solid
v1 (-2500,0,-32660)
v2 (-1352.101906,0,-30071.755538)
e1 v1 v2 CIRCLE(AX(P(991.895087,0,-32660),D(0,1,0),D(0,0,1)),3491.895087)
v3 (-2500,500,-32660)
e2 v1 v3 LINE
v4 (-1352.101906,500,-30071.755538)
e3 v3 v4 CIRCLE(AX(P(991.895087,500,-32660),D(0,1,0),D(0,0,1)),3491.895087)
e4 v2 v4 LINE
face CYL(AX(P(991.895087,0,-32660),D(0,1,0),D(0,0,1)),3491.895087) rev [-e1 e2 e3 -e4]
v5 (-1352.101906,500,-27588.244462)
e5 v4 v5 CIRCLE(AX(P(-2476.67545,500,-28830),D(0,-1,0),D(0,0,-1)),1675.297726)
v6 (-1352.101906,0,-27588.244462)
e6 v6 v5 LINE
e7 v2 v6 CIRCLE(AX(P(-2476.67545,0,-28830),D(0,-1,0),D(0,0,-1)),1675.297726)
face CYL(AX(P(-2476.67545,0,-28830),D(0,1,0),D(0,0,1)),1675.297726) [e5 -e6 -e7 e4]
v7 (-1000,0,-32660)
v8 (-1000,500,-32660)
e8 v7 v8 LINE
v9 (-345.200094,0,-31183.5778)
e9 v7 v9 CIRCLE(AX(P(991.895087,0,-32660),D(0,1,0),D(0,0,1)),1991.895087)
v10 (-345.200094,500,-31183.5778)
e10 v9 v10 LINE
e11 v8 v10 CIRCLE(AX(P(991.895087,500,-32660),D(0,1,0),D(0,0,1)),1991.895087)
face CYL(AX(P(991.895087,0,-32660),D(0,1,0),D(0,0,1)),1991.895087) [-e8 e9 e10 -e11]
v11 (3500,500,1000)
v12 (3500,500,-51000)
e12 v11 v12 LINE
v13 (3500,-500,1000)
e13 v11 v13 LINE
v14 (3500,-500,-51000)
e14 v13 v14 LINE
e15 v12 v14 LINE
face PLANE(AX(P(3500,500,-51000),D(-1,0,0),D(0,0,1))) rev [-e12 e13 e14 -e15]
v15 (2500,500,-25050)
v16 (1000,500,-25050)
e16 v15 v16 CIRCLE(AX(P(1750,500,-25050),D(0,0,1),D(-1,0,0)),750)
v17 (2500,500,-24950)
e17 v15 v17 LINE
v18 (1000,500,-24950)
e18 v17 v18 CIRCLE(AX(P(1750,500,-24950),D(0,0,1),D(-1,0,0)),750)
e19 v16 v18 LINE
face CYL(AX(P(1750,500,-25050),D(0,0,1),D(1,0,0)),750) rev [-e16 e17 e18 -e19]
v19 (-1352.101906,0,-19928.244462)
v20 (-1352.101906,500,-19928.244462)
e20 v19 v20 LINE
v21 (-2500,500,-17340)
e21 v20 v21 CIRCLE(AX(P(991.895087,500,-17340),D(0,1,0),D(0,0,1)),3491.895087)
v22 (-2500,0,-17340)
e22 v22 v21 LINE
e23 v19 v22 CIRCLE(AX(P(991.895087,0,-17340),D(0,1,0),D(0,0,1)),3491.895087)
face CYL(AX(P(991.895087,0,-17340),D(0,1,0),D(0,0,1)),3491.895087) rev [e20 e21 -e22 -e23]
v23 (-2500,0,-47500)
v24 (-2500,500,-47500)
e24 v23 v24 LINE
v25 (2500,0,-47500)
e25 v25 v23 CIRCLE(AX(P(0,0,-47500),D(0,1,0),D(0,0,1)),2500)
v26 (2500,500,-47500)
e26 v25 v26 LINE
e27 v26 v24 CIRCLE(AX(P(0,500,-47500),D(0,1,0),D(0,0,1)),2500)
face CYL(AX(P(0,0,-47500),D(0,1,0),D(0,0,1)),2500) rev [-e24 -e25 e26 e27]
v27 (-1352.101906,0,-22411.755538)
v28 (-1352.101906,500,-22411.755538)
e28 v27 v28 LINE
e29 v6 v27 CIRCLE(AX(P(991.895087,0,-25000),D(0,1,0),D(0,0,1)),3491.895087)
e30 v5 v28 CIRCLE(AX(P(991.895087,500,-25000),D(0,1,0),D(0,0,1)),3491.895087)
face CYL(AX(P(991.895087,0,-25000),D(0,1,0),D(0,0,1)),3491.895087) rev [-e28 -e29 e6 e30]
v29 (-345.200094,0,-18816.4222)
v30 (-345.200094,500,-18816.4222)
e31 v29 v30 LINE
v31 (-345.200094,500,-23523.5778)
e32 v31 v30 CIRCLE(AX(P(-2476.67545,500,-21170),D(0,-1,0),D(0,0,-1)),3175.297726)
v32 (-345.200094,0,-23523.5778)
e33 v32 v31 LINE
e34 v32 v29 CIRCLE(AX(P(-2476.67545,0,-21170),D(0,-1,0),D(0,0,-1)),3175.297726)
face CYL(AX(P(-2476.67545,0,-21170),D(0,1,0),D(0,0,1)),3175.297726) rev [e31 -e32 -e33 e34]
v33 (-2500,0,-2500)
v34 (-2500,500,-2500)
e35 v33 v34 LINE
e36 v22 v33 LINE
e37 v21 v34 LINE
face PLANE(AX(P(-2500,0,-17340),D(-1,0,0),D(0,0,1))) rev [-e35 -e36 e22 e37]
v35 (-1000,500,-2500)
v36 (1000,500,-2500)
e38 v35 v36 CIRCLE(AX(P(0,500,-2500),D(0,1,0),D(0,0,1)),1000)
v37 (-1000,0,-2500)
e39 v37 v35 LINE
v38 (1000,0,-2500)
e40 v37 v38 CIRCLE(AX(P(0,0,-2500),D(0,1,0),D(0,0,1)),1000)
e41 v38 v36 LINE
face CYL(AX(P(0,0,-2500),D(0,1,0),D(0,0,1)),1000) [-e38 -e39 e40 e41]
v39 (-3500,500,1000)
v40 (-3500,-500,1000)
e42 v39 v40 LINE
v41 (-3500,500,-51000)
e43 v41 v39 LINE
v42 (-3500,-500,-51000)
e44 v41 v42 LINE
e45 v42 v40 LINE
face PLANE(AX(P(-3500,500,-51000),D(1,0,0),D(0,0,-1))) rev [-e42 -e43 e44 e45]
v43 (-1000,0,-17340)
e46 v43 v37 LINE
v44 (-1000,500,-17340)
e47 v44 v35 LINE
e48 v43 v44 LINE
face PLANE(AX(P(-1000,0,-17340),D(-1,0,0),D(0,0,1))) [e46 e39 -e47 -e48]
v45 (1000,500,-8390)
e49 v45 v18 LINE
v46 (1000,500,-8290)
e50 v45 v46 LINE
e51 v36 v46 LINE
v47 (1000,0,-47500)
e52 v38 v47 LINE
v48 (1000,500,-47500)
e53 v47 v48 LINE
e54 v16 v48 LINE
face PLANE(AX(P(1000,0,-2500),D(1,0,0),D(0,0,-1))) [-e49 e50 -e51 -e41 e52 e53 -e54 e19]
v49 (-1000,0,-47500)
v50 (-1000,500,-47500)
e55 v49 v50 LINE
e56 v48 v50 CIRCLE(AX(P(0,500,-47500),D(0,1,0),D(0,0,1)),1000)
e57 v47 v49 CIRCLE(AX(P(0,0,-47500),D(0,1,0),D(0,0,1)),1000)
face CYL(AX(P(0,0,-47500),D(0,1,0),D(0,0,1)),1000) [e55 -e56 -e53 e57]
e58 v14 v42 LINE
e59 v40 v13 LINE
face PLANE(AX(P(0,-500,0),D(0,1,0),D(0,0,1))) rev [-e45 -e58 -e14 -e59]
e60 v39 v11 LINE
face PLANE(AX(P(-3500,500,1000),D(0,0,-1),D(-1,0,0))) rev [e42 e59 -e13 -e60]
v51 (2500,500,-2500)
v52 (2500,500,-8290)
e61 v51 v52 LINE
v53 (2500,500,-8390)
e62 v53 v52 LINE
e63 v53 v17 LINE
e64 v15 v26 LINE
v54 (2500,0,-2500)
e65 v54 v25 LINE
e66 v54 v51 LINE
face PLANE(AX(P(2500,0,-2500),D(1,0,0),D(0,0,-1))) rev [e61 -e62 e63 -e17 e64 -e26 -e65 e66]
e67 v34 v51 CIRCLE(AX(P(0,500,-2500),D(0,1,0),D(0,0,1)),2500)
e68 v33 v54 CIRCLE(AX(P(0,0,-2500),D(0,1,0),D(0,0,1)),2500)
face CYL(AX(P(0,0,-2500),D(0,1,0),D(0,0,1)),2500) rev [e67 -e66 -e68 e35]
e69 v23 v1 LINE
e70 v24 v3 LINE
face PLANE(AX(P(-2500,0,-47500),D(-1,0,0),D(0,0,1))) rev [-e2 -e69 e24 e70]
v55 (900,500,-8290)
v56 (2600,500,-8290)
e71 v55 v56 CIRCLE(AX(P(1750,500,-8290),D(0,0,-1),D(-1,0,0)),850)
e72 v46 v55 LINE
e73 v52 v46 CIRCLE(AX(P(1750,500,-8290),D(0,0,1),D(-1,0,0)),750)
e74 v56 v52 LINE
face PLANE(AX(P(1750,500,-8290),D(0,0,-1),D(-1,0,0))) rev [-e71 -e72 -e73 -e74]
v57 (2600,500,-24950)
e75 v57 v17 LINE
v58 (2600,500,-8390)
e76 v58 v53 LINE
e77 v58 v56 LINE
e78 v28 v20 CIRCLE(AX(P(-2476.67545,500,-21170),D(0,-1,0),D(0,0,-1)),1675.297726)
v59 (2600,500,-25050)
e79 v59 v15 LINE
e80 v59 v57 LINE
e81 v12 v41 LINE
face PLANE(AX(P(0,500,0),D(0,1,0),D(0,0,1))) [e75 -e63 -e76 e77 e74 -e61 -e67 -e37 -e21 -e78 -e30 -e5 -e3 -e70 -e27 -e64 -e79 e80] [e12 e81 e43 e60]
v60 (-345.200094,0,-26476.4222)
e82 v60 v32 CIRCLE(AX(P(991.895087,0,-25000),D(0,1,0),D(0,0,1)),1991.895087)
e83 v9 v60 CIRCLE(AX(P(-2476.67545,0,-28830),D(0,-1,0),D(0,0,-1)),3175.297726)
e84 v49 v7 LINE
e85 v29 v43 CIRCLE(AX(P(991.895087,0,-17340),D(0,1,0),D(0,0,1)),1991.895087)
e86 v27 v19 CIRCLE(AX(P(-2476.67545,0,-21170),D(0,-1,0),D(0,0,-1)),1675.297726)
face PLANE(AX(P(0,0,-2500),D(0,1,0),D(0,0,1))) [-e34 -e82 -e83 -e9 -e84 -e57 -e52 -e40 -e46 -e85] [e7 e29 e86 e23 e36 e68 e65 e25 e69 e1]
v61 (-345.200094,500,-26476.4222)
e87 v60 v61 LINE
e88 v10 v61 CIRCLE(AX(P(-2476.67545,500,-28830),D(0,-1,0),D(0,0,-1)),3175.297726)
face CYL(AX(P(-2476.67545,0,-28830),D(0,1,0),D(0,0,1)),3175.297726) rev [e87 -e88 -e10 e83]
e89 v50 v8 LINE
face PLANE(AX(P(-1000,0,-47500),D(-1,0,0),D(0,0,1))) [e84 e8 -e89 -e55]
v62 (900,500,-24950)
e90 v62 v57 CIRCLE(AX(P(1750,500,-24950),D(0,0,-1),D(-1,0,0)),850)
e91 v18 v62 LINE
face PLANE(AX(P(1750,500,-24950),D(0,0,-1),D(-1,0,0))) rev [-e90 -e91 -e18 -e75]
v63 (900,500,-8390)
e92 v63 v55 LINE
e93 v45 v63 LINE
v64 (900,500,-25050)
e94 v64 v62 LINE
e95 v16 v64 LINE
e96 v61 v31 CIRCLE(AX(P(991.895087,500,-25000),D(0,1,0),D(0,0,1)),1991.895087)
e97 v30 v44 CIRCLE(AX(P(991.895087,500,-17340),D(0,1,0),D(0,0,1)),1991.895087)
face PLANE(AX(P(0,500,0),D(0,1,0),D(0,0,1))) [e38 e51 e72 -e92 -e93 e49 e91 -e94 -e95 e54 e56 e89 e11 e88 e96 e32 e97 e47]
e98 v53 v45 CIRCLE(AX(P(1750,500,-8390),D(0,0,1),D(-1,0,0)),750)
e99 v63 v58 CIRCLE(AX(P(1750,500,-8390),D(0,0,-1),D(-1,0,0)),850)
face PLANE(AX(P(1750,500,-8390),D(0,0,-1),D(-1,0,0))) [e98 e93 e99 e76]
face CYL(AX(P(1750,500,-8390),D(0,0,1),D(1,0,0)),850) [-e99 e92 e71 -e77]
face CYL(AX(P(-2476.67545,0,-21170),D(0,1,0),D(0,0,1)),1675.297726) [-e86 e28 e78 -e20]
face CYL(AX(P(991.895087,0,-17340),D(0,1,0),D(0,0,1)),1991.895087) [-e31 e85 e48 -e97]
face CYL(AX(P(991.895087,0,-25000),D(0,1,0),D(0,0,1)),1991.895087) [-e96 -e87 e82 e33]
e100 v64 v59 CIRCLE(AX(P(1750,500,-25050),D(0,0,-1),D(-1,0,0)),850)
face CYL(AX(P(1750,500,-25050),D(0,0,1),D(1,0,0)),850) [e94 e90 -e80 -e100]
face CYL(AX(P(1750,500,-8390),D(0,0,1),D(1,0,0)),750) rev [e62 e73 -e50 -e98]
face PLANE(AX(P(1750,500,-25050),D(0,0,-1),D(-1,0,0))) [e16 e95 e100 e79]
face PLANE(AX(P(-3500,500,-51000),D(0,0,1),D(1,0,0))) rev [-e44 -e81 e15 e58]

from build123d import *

# Parameters (mm, degrees)
SKETCH1_W           = 7000
SKETCH1_H           = 52000
BOSS_EXTRUDE1_DEPTH = 500
CUT_EXTRUDE1_DEPTH  = 500
BOSS_EXTRUDE2_DEPTH = 50
LPATTERN1_COUNT     = 2
LPATTERN1_PITCH     = 16660


with BuildPart() as part:
    # Sketch1 → Boss-Extrude1 (new, symmetric)
    with BuildSketch(Plane(origin=(0, 0, 0), x_dir=(1, 0, 0), z_dir=(0, 1, 0))):
        with Locations((0, 25000)):
            Rectangle(SKETCH1_W, SKETCH1_H)
    extrude(amount=BOSS_EXTRUDE1_DEPTH, both=True)

    # Sketch2 → Cut-Extrude1 (cut)
    with BuildSketch(Plane(origin=(0, 500, 0), x_dir=(1, 0, 0), z_dir=(0, 1, 0))):
        with BuildLine():
            Line((2500, 2500), (2500, 47500))
            ThreePointArc((2500, 47500), (0, 50000), (-2500, 47500))
            Line((-2500, 47500), (-2500, 32660))
            ThreePointArc((-2500, 32660), (-2200.151504292, 31244.31293804), (-1352.101905874, 30071.755537993))
            ThreePointArc((-1352.101905874, 30071.755537993), (-801.37772338, 28830), (-1352.101905874, 27588.244462007))
            ThreePointArc((-1352.101905874, 27588.244462007), (-2500, 25000), (-1352.101905874, 22411.755537993))
            ThreePointArc((-1352.101905874, 22411.755537993), (-801.37772338, 21170), (-1352.101905874, 19928.244462007))
            ThreePointArc((-1352.101905874, 19928.244462007), (-2200.151504292, 18755.68706196), (-2500, 17340))
            Line((-2500, 17340), (-2500, 2500))
            ThreePointArc((-2500, 2500), (0, 0), (2500, 2500))
        make_face()
        with BuildLine():
            Line((1000, 2500), (1000, 47500))
            ThreePointArc((1000, 47500), (0, 48500), (-1000, 47500))
            Line((-1000, 47500), (-1000, 32660))
            ThreePointArc((-1000, 32660), (-828.956274311, 31852.444207815), (-345.200094245, 31183.57779975))
            ThreePointArc((-345.200094245, 31183.57779975), (698.62227662, 28830), (-345.200094245, 26476.42220025))
            ThreePointArc((-345.200094245, 26476.42220025), (-1000, 25000), (-345.200094245, 23523.57779975))
            ThreePointArc((-345.200094245, 23523.57779975), (698.62227662, 21170), (-345.200094245, 18816.42220025))
            ThreePointArc((-345.200094245, 18816.42220025), (-828.956274311, 18147.555792185), (-1000, 17340))
            Line((-1000, 17340), (-1000, 2500))
            ThreePointArc((-1000, 2500), (0, 1500), (1000, 2500))
        make_face(mode=Mode.SUBTRACT)
    extrude(amount=-CUT_EXTRUDE1_DEPTH, mode=Mode.SUBTRACT)

    # Sketch3 → Boss-Extrude2 (add, symmetric)
    with BuildSketch(Plane(origin=(0, 0, -25000), x_dir=(-1, 0, 0), z_dir=(0, 0, -1))):
        with BuildLine():
            Line((-1000, 500), (-900, 500))
            ThreePointArc((-900, 500), (-1750, 1350), (-2600, 500))
            Line((-2600, 500), (-2500, 500))
            ThreePointArc((-2500, 500), (-1750, 1250), (-1000, 500))
        make_face()
    boss_extrude2 = extrude(amount=BOSS_EXTRUDE2_DEPTH, both=True)

    # LPattern1: Boss-Extrude2 ×2
    with Locations(*[(0, 0, i * LPATTERN1_PITCH) for i in range(1, LPATTERN1_COUNT)]):
        add(boss_extrude2)


solid = part.part
